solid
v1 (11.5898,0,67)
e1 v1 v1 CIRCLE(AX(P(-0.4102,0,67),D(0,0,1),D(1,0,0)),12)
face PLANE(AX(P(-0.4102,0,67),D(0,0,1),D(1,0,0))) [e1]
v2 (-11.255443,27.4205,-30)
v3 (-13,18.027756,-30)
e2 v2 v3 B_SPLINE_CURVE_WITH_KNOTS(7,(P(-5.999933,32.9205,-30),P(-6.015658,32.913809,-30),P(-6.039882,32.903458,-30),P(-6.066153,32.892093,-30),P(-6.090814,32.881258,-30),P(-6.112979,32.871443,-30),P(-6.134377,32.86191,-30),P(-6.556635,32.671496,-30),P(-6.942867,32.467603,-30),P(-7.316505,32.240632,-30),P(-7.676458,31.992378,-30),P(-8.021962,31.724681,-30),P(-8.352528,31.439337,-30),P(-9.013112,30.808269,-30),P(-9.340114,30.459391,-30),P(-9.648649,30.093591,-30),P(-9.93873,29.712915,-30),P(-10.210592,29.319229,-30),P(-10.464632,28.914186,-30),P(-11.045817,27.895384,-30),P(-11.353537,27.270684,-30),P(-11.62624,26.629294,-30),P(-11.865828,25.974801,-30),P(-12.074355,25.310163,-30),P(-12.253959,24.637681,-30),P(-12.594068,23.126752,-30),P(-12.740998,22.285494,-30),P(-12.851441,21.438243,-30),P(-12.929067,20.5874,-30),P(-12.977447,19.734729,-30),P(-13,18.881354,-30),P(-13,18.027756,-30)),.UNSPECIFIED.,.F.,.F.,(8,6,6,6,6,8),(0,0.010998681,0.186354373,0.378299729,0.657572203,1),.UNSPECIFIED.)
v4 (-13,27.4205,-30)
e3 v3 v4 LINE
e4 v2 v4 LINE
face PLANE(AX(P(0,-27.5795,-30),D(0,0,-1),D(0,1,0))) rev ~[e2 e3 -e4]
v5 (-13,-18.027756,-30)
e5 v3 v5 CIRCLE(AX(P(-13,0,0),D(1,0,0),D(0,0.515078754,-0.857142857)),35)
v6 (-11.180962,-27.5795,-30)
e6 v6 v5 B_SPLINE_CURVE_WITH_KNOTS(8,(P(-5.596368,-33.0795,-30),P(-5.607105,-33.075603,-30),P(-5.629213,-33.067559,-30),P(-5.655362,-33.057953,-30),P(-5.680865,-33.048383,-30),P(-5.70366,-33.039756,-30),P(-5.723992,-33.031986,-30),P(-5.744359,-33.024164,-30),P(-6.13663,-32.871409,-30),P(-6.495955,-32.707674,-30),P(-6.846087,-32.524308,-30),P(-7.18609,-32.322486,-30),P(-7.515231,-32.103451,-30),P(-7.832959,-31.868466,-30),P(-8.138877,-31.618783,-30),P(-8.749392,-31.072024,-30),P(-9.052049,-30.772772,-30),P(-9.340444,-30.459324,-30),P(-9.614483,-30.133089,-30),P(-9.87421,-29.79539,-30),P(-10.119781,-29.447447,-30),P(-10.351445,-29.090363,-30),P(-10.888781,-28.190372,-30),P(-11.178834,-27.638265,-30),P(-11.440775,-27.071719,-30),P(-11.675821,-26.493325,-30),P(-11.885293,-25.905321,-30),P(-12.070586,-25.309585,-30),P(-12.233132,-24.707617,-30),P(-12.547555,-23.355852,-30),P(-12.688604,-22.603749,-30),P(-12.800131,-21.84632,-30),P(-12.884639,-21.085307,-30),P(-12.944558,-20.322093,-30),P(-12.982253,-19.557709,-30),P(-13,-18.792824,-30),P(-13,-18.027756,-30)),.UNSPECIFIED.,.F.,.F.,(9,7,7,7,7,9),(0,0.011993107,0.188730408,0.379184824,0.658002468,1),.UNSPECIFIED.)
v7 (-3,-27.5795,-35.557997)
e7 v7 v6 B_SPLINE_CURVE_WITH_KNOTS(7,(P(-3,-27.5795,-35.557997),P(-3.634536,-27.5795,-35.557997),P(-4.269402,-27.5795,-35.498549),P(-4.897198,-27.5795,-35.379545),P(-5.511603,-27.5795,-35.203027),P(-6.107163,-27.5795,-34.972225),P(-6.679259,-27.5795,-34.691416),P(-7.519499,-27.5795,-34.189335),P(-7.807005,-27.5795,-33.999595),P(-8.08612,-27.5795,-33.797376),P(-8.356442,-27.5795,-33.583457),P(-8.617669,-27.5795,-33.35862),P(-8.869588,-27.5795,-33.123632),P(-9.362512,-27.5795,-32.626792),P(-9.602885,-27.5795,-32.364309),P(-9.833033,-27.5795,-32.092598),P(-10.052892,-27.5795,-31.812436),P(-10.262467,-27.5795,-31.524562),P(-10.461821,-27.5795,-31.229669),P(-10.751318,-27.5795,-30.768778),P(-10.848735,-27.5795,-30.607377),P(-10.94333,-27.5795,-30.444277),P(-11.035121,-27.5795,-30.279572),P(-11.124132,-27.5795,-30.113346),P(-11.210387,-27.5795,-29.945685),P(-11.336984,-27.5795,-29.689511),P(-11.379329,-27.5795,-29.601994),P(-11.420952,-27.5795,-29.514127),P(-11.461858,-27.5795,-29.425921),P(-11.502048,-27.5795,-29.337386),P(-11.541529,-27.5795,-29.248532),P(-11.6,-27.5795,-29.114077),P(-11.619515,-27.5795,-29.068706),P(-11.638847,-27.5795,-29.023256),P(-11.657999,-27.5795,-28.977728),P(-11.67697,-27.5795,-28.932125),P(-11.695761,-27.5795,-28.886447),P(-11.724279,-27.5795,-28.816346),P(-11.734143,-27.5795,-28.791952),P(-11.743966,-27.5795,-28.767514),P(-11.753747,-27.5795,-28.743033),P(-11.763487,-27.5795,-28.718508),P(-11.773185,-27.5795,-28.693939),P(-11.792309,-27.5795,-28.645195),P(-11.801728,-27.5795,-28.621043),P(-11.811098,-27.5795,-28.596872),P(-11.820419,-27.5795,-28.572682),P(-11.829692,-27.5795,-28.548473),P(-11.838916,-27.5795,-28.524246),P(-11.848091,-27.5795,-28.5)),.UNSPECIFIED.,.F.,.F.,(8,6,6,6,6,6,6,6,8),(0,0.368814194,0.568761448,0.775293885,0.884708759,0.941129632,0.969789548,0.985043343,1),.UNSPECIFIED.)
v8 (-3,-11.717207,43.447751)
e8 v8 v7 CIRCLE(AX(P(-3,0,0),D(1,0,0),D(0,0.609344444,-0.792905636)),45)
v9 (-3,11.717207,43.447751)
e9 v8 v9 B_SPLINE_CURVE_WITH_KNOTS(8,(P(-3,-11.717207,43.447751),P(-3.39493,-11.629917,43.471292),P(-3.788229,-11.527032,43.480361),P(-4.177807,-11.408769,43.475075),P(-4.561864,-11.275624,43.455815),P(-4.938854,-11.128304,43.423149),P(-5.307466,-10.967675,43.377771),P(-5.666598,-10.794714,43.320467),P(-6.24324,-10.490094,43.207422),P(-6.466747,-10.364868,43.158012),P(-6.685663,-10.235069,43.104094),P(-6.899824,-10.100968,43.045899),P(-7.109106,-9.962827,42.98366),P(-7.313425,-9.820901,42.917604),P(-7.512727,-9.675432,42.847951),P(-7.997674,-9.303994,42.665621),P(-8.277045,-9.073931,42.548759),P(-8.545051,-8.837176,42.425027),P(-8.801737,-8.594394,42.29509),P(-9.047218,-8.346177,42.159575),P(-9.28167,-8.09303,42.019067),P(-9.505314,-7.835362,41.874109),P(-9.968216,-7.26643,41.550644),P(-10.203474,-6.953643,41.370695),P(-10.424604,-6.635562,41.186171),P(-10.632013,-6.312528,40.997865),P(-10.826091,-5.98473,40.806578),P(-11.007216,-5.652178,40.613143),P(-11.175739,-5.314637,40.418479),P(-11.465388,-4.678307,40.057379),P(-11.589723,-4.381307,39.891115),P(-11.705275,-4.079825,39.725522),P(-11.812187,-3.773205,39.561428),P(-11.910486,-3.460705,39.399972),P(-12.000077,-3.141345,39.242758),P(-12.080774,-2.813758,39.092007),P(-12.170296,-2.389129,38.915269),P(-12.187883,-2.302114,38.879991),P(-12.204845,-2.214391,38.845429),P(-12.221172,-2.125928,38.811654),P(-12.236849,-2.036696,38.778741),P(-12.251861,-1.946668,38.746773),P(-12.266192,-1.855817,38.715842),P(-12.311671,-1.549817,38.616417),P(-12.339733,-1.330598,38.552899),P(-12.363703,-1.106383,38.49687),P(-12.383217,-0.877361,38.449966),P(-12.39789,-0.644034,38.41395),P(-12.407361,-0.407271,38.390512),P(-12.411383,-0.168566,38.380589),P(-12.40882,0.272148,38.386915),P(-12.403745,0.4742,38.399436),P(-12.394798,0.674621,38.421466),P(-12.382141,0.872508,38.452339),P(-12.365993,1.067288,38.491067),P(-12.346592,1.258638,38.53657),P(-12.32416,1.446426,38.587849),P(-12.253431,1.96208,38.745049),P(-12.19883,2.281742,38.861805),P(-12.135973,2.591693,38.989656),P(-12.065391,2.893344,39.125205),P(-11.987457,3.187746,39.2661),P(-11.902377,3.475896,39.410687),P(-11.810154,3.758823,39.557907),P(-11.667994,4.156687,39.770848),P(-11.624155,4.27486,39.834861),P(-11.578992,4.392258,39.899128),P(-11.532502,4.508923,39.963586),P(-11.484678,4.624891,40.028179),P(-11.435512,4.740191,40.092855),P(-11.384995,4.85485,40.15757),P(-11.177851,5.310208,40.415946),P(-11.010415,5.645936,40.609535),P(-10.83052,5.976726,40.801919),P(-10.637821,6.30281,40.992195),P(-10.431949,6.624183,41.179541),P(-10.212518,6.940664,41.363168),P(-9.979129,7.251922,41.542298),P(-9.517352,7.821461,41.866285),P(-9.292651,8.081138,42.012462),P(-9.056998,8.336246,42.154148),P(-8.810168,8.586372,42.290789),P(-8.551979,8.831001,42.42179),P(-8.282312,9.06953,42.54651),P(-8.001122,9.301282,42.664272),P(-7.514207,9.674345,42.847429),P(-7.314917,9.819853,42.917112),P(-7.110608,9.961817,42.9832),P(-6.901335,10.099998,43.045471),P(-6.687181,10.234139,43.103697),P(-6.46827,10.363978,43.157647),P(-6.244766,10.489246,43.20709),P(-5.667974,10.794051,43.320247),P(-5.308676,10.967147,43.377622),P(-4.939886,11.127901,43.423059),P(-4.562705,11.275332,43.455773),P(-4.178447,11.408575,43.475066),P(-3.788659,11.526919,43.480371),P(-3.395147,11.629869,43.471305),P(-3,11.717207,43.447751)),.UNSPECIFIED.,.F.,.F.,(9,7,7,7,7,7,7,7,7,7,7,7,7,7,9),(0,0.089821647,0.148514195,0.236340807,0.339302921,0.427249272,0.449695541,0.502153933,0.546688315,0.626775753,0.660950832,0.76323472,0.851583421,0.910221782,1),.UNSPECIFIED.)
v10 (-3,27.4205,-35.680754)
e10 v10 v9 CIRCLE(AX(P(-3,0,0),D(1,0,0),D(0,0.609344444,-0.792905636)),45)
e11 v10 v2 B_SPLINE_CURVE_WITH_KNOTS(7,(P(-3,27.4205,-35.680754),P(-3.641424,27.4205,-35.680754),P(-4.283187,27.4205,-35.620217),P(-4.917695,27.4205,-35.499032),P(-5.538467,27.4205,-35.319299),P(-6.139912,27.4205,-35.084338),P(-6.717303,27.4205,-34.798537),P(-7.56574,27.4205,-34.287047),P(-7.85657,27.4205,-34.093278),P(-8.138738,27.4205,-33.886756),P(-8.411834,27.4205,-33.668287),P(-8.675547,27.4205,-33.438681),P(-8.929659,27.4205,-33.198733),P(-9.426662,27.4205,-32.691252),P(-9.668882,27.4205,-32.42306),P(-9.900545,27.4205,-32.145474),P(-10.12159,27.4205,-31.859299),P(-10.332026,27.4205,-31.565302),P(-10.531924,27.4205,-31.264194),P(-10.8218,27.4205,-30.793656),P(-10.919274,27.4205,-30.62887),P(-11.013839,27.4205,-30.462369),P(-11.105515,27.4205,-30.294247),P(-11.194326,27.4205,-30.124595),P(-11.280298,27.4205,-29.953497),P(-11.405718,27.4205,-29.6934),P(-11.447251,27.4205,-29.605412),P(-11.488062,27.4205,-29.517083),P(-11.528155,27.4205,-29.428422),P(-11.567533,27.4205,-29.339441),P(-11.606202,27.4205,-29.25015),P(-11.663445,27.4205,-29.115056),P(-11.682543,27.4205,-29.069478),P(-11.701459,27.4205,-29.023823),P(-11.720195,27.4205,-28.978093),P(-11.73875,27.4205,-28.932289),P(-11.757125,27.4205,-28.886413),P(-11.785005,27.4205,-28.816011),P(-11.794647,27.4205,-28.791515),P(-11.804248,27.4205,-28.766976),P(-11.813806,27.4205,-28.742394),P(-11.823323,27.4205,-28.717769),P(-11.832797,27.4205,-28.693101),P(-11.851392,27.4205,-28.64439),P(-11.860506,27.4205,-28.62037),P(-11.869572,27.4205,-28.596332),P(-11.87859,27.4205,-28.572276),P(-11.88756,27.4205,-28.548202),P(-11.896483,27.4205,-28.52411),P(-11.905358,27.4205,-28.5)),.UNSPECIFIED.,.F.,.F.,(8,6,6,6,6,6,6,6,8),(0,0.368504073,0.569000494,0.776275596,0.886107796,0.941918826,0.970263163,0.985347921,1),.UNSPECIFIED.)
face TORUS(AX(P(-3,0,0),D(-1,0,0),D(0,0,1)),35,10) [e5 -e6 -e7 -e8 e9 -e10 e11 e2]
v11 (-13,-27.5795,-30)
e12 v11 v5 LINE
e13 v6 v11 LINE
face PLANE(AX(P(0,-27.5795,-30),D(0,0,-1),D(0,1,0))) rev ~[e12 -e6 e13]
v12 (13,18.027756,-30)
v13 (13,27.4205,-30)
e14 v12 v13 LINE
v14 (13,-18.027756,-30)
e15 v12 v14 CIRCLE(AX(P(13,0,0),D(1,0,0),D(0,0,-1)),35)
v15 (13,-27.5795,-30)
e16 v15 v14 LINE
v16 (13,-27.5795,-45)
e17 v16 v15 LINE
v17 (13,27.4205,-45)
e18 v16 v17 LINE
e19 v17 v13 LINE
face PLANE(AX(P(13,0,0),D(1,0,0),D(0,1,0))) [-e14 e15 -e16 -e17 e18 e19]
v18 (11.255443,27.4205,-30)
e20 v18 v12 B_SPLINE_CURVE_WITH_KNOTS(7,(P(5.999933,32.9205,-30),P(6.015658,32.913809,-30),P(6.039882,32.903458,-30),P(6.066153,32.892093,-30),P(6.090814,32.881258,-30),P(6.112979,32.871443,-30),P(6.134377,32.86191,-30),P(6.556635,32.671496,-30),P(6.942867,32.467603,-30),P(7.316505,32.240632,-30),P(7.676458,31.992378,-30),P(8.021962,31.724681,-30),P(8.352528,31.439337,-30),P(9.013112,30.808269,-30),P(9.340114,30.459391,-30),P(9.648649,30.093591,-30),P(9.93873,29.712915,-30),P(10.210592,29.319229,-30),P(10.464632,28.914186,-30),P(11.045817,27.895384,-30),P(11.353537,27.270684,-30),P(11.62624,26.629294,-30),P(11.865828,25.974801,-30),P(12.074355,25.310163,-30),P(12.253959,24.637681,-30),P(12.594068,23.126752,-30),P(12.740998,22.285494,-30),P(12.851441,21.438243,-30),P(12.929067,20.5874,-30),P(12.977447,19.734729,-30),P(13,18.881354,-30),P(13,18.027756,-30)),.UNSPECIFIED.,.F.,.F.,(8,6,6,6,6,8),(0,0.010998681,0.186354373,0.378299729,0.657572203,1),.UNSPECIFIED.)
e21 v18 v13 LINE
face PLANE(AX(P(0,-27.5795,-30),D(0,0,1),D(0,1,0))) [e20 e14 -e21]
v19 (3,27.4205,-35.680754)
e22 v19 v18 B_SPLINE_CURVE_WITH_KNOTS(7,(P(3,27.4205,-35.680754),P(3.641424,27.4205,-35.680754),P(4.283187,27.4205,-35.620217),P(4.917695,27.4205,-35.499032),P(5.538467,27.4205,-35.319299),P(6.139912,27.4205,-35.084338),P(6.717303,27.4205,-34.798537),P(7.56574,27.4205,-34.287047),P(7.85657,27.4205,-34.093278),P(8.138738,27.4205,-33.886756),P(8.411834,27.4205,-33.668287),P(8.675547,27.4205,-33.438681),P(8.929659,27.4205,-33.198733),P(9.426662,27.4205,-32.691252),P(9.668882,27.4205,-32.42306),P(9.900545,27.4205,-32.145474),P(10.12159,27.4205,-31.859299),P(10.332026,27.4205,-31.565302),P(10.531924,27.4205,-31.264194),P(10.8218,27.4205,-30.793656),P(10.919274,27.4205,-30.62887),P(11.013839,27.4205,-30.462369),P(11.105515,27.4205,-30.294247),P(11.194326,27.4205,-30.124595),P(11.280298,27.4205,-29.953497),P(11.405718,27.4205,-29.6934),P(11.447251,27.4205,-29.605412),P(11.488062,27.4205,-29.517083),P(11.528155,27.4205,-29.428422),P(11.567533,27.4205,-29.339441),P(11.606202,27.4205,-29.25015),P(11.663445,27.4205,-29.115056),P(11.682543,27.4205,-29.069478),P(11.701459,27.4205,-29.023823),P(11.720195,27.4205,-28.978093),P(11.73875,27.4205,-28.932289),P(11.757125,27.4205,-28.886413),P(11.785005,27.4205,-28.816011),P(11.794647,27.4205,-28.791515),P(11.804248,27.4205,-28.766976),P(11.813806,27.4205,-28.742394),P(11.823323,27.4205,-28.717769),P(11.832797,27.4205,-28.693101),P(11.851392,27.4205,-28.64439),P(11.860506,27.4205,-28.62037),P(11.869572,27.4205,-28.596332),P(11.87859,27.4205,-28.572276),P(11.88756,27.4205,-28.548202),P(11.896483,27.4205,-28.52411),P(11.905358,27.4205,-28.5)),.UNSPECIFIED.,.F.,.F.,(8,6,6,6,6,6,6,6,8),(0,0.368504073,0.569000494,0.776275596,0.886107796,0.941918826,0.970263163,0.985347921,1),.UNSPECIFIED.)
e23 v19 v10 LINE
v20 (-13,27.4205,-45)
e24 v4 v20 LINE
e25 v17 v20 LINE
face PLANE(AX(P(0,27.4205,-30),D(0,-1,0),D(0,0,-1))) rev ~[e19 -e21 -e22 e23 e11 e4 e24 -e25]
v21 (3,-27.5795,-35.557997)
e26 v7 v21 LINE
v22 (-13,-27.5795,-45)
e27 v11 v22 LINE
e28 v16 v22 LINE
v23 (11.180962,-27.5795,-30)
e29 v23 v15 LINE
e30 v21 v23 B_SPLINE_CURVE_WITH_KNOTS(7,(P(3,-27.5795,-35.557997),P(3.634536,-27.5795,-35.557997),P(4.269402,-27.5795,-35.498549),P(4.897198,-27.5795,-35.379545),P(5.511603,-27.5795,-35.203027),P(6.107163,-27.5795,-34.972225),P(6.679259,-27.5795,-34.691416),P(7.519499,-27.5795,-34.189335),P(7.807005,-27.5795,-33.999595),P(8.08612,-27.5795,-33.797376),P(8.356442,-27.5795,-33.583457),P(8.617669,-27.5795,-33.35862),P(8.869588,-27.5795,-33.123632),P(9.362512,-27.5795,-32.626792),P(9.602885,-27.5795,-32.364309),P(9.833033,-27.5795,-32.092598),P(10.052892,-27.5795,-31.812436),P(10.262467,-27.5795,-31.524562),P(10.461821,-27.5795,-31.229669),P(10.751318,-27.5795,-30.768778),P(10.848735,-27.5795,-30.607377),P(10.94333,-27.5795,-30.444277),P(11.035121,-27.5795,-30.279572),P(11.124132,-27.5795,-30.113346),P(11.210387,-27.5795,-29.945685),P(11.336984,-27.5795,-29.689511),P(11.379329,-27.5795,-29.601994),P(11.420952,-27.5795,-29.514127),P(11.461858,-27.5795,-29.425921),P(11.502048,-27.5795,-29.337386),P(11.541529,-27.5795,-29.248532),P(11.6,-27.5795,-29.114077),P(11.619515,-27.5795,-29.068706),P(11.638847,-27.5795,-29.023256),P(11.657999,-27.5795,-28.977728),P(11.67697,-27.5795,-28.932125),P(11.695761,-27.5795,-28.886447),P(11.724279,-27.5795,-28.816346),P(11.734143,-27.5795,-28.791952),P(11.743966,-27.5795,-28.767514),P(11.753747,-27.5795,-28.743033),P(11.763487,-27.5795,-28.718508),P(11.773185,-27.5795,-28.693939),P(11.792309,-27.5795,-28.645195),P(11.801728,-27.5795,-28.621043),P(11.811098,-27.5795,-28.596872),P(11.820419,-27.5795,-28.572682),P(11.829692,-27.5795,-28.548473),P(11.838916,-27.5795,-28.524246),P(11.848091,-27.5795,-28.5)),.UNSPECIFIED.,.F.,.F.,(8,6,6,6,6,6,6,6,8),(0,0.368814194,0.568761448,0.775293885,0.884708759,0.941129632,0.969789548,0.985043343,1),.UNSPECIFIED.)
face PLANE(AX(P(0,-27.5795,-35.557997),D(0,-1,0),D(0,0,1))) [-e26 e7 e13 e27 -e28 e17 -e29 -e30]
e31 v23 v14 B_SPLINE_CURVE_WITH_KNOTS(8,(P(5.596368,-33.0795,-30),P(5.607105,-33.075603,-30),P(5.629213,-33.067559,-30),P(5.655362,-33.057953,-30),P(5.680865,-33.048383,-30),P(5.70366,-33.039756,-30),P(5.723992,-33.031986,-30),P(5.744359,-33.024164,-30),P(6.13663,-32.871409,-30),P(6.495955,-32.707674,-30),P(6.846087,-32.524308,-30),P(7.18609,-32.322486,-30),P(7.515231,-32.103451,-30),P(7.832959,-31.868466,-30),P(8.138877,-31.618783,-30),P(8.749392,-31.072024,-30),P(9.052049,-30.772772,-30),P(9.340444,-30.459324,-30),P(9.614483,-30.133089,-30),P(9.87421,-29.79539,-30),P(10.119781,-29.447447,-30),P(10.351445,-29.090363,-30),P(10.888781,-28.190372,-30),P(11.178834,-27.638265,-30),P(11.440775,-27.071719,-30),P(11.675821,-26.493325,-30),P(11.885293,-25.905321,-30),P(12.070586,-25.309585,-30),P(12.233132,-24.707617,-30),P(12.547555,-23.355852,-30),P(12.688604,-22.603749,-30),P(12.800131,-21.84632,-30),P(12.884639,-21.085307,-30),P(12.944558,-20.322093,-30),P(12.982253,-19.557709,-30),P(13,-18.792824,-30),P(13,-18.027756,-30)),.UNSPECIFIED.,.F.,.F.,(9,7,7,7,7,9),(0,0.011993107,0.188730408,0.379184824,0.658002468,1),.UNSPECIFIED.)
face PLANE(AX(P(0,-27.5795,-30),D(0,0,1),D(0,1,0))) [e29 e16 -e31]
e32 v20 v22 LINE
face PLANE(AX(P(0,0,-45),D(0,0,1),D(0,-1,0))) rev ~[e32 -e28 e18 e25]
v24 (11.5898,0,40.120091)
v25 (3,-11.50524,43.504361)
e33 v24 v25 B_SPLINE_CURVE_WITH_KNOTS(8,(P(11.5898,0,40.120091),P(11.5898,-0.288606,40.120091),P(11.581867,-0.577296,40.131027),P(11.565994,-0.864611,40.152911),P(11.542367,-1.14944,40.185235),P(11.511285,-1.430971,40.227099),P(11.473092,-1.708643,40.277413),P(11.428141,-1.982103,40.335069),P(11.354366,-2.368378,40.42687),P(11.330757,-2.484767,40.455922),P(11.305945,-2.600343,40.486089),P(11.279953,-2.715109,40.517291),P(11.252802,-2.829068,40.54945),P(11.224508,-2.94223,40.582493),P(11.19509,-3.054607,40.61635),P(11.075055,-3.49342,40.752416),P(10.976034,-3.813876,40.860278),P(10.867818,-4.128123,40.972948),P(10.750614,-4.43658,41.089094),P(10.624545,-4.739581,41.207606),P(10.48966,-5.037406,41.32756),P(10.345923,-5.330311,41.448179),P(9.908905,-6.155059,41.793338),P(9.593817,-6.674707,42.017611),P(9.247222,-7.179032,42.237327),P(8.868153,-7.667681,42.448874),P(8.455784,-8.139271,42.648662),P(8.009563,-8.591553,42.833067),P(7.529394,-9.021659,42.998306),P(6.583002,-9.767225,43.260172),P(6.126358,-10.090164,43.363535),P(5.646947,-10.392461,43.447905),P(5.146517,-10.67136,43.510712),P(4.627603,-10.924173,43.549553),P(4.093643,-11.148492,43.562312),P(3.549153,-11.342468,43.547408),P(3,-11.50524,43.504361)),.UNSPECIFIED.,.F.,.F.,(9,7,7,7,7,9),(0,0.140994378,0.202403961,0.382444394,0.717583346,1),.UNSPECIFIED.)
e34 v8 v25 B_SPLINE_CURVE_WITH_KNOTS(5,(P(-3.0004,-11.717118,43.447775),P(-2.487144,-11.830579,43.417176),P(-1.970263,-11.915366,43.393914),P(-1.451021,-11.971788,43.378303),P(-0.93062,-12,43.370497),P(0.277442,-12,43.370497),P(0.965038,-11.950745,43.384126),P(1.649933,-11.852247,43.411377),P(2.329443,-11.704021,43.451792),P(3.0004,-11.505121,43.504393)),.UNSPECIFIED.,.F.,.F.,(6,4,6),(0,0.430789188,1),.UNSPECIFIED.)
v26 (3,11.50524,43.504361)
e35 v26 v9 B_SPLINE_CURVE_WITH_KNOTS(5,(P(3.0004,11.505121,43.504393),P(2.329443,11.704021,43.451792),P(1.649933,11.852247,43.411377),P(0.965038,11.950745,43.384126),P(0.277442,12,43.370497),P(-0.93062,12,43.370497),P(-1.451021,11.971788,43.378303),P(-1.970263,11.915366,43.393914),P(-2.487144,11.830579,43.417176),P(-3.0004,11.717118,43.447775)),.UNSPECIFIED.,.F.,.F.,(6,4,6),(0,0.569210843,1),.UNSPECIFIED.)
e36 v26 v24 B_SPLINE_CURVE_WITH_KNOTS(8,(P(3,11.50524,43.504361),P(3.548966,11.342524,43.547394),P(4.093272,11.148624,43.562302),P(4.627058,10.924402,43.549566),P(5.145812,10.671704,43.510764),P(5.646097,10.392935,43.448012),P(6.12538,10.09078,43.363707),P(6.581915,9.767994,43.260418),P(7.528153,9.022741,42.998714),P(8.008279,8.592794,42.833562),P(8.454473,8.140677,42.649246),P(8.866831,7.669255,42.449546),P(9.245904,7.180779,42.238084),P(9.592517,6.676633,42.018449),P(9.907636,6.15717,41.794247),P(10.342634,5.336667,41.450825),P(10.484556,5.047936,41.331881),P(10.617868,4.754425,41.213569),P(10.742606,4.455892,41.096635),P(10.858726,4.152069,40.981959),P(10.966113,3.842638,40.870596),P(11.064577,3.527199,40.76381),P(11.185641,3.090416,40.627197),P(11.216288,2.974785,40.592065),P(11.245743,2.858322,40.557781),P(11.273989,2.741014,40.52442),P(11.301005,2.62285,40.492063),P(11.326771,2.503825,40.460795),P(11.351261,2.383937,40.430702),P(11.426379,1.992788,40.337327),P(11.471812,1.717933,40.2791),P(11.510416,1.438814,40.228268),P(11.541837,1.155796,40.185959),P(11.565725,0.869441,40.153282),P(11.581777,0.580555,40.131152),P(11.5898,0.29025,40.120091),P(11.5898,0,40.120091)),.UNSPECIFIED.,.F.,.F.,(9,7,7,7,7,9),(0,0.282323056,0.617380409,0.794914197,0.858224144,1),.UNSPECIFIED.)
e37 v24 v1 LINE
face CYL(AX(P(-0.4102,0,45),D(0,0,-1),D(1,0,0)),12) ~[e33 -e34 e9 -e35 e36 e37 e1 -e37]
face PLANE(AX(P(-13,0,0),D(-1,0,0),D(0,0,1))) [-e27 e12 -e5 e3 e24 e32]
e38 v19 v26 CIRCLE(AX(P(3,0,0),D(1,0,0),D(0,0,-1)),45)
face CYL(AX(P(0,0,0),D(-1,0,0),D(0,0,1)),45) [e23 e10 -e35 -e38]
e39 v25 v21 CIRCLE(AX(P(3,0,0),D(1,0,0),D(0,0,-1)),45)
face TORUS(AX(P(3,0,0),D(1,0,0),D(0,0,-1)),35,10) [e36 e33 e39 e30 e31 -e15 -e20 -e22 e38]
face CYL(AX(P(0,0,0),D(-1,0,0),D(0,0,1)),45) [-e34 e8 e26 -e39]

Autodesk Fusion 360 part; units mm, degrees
sketch "Sketch1" plane through (0, 0, 0) normal (1, 0, 0) x (0, 1, 0)
  circle A0 centre (0, 0) radius 45
  line L0 (27.4205, -45) -> (-27.5795, -45)
  line L1 (-27.5795, -45) -> (-27.5795, -30)
  line L2 (-27.5795, -30) -> (27.4205, -30)
  line L3 (27.4205, -30) -> (27.4205, -45)
  dimension "d8" = 90
  dimension "d10" = 55
  dimension "d11" = 15
cylinder "CylinderPrimitive1" add diameter 90 height 13 placed x (0, 0, -1) y (0, 1, 0) z (1, 0, 0) at (0, 0, 0) makes body 1
fillet "Fillet1" radius 10 1 edges at (13, -16.2727, 41.9547) on bodies 1
extrude "Extrude1" add sketch "Sketch1" along normal blind 13 contours A0 L1 L2 L3 | A0 L0 L1 | A0 L0 L3 picked at (-0.053, -35) bodies 1
cylinder "CylinderPrimitive2" add diameter 90 height 13 placed x (0, 0, 1) y (0, 1, 0) z (-1, 0, 0) at (0, 0, 0) bodies 1
fillet "Fillet2" radius 10 1 edges at (-13, -16.2727, -41.9547) on bodies 1
extrude "Extrude2" add sketch "Sketch1" against normal blind 13 contours A0 L1 L2 L3 | A0 L0 L1 | A0 L0 L3 picked at (-0.053, -35) bodies 1
ref_plane "WorkPlane1" through (-0.4102, 0, 45) normal (0, 0, 1) x (0, 1, 0)
sketch "Sketch5" plane through (-0.4102, 0, 45) normal (0, 0, 1) x (1, 0, 0)
  circle A0 centre (0, 0) radius 12
  dimension "d26" = 24
extrude "Extrude3" add sketch "Sketch5" against normal blind 10 bodies 1
extrude "Extrude4" add 1 faces at (0.1622, 3.9888, 45) along direction (0, 0, 1) blind 22 on bodies 1 bodies 1
copy_body "Body->Comp1" bodies 1 removing the originals makes body 2 in component "Component"
component "Component" placed x (1, 0, 0) y (0, 1, 0) z (0, 0, 1) at (0, 0, 0)
equation "start_dia = 80 mm"
equation "diameter = 90 mm"
equation "base_length = 55 mm"
equation "base_depth = 26 mm"
equation "top_dia = 24 mm"
equation "top_length = 22 mm"
equation "base_height = 15 mm"
equation "d8 = diameter"
equation "d10 = base_length"
equation "d11 = base_height"
equation "d12 = base_depth / 2"
equation "d16 = diameter - start_dia"
equation "d17 = base_depth / 2"
equation "d19 = base_depth / 2"
equation "d23 = -base_depth / 2"
equation "d26 = top_dia"
equation "d29 = top_length"
